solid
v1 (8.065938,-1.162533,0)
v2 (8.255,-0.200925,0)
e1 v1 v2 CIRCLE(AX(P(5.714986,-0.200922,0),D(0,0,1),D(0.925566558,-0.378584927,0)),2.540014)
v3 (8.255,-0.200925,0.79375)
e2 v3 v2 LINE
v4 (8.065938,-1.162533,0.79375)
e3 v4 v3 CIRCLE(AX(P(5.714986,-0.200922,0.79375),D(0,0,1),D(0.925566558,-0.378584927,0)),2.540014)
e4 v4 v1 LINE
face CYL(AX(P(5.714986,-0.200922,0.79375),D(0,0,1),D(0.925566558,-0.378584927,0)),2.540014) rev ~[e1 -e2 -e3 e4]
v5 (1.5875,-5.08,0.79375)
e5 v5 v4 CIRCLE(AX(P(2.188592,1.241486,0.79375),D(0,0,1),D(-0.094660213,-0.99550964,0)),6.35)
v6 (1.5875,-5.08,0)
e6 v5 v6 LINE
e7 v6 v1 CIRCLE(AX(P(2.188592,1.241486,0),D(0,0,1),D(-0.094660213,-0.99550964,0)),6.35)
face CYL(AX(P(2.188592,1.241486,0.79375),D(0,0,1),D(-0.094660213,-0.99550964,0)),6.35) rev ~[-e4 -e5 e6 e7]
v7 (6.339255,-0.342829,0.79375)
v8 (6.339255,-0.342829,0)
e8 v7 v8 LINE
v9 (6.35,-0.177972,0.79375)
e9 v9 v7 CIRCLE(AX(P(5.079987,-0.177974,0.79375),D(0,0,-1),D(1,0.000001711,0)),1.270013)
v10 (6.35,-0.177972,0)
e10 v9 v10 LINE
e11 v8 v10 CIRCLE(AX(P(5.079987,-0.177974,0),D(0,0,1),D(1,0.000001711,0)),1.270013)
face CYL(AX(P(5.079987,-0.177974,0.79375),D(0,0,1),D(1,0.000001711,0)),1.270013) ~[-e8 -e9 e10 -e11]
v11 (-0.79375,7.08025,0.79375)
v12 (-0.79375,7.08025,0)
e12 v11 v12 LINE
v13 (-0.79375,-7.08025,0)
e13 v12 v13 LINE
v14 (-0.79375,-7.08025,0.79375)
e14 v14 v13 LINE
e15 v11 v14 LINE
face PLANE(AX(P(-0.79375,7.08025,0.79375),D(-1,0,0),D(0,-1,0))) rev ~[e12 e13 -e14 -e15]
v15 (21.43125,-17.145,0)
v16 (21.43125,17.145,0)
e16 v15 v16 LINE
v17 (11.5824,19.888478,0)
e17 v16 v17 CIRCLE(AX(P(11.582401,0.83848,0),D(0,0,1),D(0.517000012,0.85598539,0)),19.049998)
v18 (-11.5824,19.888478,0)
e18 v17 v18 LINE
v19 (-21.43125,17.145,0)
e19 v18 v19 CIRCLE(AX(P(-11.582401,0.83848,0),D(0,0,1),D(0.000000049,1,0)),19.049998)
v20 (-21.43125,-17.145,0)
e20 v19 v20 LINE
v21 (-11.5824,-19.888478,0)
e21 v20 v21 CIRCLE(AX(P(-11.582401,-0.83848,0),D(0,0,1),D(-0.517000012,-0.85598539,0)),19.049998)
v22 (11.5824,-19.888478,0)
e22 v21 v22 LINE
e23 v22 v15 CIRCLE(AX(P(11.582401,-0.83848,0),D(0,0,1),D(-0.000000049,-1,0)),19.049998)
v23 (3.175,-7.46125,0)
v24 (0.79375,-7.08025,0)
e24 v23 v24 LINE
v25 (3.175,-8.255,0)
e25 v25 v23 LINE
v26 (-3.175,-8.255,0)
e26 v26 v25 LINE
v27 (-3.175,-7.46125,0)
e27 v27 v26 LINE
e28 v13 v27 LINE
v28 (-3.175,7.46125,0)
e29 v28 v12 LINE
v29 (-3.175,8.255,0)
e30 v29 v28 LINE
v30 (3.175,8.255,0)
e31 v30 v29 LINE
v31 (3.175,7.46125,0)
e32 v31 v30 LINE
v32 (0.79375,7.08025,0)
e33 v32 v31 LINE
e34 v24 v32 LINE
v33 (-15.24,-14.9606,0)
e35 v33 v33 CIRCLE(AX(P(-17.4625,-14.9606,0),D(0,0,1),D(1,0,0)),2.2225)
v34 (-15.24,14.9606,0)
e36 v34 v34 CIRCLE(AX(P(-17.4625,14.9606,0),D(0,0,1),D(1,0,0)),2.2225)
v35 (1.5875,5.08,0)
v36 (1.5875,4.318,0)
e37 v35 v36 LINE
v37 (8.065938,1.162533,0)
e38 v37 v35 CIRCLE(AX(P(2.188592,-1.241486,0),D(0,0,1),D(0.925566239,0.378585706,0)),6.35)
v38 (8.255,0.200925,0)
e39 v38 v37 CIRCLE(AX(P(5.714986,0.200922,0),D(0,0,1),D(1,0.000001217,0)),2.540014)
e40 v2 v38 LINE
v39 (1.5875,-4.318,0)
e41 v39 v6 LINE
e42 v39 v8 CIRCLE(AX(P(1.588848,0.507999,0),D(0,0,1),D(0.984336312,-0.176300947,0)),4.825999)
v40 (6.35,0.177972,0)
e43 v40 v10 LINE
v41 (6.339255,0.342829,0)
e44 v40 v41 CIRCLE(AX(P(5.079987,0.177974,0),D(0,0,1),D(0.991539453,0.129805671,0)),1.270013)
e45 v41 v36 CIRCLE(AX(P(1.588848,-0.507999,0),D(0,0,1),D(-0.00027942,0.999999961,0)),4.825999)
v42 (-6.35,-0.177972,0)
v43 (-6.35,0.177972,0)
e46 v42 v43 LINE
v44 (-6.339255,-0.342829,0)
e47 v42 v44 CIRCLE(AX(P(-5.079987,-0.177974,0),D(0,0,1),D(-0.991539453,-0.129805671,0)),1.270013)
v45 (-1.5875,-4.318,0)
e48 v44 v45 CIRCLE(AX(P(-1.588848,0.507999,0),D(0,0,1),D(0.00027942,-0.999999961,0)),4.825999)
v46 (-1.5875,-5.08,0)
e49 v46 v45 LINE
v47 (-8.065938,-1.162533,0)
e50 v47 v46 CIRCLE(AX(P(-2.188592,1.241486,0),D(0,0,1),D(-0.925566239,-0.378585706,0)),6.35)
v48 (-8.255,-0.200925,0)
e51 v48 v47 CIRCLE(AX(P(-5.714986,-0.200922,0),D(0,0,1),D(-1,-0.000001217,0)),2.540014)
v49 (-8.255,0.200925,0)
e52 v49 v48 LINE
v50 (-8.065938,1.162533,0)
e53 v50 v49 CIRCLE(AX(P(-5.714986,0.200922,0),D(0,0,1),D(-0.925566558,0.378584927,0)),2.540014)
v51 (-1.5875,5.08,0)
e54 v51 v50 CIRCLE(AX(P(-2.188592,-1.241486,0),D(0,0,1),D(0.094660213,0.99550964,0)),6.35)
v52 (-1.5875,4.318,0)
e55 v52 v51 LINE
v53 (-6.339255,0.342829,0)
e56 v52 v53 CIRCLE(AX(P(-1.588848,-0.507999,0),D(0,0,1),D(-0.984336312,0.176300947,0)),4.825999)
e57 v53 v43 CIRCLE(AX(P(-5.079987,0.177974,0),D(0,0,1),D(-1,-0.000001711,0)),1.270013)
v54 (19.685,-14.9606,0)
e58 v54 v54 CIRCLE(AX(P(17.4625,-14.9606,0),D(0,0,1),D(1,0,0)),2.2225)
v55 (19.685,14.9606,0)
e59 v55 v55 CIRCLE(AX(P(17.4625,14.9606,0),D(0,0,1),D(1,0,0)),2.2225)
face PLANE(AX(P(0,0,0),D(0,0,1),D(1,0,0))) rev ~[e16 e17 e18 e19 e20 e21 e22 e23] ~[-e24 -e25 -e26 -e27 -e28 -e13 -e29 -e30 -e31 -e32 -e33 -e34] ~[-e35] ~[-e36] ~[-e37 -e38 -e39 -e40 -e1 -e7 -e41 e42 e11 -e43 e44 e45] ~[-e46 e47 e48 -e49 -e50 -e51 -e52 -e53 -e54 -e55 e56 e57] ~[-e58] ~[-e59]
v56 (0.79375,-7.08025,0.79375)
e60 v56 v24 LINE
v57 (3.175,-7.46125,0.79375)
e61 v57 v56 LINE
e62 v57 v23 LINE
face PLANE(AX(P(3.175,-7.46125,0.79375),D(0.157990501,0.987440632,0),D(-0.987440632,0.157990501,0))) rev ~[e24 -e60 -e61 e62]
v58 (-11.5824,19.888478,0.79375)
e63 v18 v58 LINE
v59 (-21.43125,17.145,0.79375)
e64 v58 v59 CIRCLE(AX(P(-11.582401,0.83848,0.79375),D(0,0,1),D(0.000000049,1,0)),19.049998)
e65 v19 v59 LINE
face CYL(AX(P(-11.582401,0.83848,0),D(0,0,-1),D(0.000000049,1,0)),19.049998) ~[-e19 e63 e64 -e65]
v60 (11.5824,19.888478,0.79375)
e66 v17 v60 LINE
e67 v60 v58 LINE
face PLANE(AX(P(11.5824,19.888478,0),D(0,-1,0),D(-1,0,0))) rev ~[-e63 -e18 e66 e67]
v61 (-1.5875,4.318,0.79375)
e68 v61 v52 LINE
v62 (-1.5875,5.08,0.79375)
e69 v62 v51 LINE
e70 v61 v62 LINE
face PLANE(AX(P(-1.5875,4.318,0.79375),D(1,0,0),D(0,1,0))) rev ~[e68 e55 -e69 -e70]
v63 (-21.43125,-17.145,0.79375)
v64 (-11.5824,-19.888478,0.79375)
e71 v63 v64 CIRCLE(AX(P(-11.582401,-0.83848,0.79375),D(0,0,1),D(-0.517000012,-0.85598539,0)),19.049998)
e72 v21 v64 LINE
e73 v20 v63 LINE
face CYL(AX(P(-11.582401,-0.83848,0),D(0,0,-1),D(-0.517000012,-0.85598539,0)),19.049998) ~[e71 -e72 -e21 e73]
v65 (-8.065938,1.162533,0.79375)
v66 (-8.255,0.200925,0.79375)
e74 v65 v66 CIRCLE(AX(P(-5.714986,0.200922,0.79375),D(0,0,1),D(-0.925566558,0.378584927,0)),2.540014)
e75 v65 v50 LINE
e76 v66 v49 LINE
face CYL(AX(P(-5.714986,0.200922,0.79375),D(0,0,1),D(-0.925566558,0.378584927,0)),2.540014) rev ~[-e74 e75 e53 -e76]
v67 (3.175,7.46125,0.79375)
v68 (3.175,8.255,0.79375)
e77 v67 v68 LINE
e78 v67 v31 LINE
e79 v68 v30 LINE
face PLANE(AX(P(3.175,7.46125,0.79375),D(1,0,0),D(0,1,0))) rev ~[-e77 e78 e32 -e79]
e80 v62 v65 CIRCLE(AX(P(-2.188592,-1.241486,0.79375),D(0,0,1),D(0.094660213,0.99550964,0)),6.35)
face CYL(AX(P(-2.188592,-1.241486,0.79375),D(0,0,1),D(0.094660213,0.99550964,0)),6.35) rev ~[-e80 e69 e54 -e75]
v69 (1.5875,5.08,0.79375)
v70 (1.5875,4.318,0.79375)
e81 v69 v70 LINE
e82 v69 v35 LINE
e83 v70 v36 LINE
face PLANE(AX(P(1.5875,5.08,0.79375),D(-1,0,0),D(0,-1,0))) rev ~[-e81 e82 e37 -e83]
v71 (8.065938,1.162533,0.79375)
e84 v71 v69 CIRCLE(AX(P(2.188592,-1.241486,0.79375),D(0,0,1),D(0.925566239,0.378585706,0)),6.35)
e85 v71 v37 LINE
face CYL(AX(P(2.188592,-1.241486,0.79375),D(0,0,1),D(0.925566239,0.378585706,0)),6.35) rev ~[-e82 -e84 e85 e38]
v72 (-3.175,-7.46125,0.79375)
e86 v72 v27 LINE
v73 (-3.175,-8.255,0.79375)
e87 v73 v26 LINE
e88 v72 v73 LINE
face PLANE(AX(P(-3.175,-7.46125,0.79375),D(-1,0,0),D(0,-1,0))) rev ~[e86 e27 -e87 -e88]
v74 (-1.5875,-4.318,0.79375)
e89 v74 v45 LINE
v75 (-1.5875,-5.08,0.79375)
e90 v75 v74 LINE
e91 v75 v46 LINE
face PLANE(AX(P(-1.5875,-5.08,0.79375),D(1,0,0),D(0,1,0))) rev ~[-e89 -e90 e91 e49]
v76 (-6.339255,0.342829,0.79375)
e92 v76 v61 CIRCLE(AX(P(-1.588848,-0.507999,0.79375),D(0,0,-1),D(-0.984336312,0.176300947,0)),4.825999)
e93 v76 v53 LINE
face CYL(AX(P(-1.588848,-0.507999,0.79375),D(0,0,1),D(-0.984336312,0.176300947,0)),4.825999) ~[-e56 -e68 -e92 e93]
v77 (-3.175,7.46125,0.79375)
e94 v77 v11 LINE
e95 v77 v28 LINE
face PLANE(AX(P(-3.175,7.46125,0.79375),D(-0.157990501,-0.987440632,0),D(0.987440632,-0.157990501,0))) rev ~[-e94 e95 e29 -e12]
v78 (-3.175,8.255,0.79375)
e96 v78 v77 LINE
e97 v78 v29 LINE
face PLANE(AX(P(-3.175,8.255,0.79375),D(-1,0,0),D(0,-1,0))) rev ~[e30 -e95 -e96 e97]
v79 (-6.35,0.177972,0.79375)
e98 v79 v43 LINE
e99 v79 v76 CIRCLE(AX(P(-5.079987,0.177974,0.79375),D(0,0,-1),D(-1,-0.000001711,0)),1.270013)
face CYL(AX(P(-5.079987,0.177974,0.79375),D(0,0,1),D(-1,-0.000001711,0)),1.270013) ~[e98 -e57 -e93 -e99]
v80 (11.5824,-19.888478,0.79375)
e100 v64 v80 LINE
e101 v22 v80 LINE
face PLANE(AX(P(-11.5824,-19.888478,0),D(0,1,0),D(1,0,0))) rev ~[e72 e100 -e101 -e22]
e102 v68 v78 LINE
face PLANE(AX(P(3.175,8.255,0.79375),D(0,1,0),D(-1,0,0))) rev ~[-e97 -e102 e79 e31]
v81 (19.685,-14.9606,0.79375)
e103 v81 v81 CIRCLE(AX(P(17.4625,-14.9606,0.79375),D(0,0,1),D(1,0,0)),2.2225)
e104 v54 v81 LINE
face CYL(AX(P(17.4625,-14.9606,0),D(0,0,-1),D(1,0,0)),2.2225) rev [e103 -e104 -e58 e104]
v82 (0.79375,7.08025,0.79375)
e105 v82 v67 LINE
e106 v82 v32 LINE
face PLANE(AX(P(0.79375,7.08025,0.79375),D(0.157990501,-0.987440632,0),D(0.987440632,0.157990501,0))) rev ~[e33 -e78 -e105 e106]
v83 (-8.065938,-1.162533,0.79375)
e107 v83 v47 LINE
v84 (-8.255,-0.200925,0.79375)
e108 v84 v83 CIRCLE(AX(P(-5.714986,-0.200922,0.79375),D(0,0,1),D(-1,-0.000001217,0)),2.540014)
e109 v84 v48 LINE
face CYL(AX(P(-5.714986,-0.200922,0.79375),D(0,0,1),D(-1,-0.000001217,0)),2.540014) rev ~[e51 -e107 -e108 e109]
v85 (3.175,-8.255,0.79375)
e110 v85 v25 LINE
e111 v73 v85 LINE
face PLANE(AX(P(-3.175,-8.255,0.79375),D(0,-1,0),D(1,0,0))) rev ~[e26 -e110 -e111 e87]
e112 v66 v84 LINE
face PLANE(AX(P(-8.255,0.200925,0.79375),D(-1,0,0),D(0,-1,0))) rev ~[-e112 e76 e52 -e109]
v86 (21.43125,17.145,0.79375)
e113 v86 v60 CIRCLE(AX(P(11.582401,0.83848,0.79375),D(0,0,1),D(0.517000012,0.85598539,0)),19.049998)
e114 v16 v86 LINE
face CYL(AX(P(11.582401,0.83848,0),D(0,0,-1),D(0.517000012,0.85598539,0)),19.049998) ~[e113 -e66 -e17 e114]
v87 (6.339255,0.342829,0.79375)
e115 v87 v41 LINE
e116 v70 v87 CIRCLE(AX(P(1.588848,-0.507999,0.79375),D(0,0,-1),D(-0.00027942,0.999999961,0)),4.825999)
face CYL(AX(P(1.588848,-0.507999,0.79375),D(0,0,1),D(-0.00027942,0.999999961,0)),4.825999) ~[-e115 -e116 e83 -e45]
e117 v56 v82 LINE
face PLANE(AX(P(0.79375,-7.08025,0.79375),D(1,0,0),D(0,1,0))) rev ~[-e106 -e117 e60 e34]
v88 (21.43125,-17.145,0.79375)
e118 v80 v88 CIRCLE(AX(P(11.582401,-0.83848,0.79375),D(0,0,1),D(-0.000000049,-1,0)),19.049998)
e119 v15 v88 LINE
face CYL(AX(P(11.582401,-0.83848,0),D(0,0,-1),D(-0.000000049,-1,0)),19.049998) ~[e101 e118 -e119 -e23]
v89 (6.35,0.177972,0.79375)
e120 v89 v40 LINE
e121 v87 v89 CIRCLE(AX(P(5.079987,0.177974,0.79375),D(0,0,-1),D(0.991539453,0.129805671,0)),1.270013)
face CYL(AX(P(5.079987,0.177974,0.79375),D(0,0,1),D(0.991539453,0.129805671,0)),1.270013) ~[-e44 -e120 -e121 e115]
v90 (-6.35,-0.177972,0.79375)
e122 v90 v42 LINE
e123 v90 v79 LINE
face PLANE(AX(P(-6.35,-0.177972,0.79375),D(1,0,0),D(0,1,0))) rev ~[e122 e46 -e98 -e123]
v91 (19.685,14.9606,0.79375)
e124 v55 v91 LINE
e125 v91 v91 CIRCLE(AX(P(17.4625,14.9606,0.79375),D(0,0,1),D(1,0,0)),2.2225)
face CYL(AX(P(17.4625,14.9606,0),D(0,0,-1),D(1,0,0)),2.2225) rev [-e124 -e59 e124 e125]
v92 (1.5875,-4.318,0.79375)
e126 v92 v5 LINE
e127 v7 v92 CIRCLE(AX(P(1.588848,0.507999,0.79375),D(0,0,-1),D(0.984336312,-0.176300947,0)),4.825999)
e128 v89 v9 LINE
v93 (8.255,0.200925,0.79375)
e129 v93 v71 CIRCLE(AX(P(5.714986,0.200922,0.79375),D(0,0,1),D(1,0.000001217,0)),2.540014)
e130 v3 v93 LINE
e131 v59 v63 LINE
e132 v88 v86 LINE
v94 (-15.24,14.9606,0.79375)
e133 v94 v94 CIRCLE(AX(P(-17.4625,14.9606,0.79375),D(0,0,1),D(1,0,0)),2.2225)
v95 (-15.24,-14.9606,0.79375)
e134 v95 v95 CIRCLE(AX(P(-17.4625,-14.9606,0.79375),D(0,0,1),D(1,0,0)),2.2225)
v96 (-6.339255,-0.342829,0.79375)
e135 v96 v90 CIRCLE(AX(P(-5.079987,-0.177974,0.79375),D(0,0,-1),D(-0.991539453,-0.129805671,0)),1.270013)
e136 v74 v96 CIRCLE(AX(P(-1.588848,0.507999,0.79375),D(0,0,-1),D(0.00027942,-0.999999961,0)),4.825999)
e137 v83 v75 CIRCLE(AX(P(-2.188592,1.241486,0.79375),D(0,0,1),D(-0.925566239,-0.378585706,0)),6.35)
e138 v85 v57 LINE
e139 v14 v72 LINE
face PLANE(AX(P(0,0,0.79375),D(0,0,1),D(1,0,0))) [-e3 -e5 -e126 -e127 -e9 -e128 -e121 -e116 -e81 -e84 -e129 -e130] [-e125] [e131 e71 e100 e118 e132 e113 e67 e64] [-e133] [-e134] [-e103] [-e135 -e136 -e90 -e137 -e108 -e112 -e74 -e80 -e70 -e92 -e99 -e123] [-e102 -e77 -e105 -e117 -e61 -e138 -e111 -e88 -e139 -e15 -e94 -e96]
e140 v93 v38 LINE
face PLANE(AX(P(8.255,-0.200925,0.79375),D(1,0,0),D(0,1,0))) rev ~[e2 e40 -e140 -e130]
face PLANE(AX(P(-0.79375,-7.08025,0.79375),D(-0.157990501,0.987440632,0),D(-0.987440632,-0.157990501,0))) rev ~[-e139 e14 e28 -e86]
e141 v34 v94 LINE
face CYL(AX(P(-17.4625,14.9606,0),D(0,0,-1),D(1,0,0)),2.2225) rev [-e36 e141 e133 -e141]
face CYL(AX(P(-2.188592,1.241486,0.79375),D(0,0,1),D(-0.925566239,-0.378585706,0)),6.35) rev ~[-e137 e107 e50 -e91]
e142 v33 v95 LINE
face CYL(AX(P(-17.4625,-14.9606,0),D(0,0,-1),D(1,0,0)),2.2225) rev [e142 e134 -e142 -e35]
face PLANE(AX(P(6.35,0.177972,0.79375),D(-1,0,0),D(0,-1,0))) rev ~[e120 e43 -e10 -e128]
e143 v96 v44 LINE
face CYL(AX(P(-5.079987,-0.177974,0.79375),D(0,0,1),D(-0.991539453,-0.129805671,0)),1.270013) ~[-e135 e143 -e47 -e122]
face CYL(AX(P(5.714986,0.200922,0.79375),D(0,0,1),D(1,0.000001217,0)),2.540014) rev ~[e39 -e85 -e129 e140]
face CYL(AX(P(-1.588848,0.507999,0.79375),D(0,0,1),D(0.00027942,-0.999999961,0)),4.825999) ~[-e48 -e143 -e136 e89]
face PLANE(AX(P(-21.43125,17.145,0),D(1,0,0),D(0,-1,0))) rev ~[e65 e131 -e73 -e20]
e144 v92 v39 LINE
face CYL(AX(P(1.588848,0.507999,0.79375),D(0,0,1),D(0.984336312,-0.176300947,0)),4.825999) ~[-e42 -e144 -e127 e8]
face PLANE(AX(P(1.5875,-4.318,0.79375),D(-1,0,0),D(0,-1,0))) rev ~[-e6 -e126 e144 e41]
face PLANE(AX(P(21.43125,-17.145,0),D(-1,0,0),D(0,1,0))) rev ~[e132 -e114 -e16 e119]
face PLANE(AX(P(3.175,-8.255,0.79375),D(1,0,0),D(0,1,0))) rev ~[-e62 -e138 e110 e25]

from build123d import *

# Parameters (mm, degrees)
F0_R     = 2.2225
F1_DEPTH = 0.79375
F3_DEPTH = 25.4


with BuildPart() as f1:
    # F0 (on Top) → F1 (new body)
    with BuildSketch(Plane.XY):
        with BuildLine():
            Line((-21.43125, 17.145), (-21.43125, 0))
            Line((-21.43125, 0), (-21.43125, -17.145))
            ThreePointArc((-21.43125, -17.145), (-16.694311, -19.189796), (-11.5824, -19.888478))
            Line((-11.5824, -19.888478), (0, -19.888478))
            Line((0, -19.888478), (11.5824, -19.888478))
            ThreePointArc((11.5824, -19.888478), (16.694311, -19.189796), (21.43125, -17.145))
            Line((21.43125, -17.145), (21.43125, 0))
            Line((21.43125, 0), (21.43125, 17.145))
            ThreePointArc((21.43125, 17.145), (16.694311, 19.189796), (11.5824, 19.888478))
            Line((11.5824, 19.888478), (0, 19.888478))
            Line((0, 19.888478), (-11.5824, 19.888478))
            ThreePointArc((-11.5824, 19.888478), (-16.694311, 19.189796), (-21.43125, 17.145))
        make_face()
        with Locations((-17.4625, -14.9606)):
            Circle(F0_R, mode=Mode.SUBTRACT)
        with Locations((17.4625, -14.9606)):
            Circle(F0_R, mode=Mode.SUBTRACT)
        with Locations((-17.4625, 14.9606)):
            Circle(F0_R, mode=Mode.SUBTRACT)
        with Locations((17.4625, 14.9606)):
            Circle(F0_R, mode=Mode.SUBTRACT)
    extrude(amount=F1_DEPTH)

    # F2 (on face) → F3 (cut)
    with BuildSketch(Plane.XY.offset(0.79375)):
        with BuildLine():
            ThreePointArc((-6.339255, -0.342829), (-6.347311, -0.260575), (-6.35, -0.177972))
            Line((-6.35, -0.177972), (-6.35, 0))
            Line((-6.35, 0), (-6.35, 0.177972))
            ThreePointArc((-6.35, 0.177972), (-6.347311, 0.260575), (-6.339255, 0.342829))
            ThreePointArc((-6.339255, 0.342829), (-4.685441, 3.193539), (-1.5875, 4.318))
            Line((-1.5875, 4.318), (-1.5875, 5.08))
            ThreePointArc((-1.5875, 5.08), (-5.474372, 4.192311), (-8.065938, 1.162533))
            ThreePointArc((-8.065938, 1.162533), (-8.207286, 0.690934), (-8.255, 0.200925))
            Line((-8.255, 0.200925), (-8.255, 0))
            Line((-8.255, 0), (-8.255, -0.200925))
            ThreePointArc((-8.255, -0.200925), (-8.207286, -0.690934), (-8.065938, -1.162533))
            ThreePointArc((-8.065938, -1.162533), (-5.474372, -4.192311), (-1.5875, -5.08))
            Line((-1.5875, -5.08), (-1.5875, -4.318))
            ThreePointArc((-1.5875, -4.318), (-4.685441, -3.193539), (-6.339255, -0.342829))
        make_face()
        Polygon((3.175, 8.255), (0, 8.255), (-3.175, 8.255), (-3.175, 7.46125), (-0.79375, 7.08025), (-0.79375, 0), (-0.79375, -7.08025), (-3.175, -7.46125), (-3.175, -8.255), (0, -8.255), (3.175, -8.255), (3.175, -7.46125), (0.79375, -7.08025), (0.79375, 0), (0.79375, 7.08025), (3.175, 7.46125), align=None)
        with BuildLine():
            Line((6.35, 0.177972), (6.35, 0))
            Line((6.35, 0), (6.35, -0.177972))
            ThreePointArc((6.35, -0.177972), (6.347311, -0.260575), (6.339255, -0.342829))
            ThreePointArc((6.339255, -0.342829), (4.685441, -3.193539), (1.5875, -4.318))
            Line((1.5875, -4.318), (1.5875, -5.08))
            ThreePointArc((1.5875, -5.08), (5.474372, -4.192311), (8.065938, -1.162533))
            ThreePointArc((8.065938, -1.162533), (8.207286, -0.690934), (8.255, -0.200925))
            Line((8.255, -0.200925), (8.255, 0))
            Line((8.255, 0), (8.255, 0.200925))
            ThreePointArc((8.255, 0.200925), (8.207286, 0.690934), (8.065938, 1.162533))
            ThreePointArc((8.065938, 1.162533), (5.474372, 4.192311), (1.5875, 5.08))
            Line((1.5875, 5.08), (1.5875, 4.318))
            ThreePointArc((1.5875, 4.318), (4.685441, 3.193539), (6.339255, 0.342829))
            ThreePointArc((6.339255, 0.342829), (6.347311, 0.260575), (6.35, 0.177972))
        make_face()
    extrude(amount=-F3_DEPTH, mode=Mode.SUBTRACT)


solid = f1.part
